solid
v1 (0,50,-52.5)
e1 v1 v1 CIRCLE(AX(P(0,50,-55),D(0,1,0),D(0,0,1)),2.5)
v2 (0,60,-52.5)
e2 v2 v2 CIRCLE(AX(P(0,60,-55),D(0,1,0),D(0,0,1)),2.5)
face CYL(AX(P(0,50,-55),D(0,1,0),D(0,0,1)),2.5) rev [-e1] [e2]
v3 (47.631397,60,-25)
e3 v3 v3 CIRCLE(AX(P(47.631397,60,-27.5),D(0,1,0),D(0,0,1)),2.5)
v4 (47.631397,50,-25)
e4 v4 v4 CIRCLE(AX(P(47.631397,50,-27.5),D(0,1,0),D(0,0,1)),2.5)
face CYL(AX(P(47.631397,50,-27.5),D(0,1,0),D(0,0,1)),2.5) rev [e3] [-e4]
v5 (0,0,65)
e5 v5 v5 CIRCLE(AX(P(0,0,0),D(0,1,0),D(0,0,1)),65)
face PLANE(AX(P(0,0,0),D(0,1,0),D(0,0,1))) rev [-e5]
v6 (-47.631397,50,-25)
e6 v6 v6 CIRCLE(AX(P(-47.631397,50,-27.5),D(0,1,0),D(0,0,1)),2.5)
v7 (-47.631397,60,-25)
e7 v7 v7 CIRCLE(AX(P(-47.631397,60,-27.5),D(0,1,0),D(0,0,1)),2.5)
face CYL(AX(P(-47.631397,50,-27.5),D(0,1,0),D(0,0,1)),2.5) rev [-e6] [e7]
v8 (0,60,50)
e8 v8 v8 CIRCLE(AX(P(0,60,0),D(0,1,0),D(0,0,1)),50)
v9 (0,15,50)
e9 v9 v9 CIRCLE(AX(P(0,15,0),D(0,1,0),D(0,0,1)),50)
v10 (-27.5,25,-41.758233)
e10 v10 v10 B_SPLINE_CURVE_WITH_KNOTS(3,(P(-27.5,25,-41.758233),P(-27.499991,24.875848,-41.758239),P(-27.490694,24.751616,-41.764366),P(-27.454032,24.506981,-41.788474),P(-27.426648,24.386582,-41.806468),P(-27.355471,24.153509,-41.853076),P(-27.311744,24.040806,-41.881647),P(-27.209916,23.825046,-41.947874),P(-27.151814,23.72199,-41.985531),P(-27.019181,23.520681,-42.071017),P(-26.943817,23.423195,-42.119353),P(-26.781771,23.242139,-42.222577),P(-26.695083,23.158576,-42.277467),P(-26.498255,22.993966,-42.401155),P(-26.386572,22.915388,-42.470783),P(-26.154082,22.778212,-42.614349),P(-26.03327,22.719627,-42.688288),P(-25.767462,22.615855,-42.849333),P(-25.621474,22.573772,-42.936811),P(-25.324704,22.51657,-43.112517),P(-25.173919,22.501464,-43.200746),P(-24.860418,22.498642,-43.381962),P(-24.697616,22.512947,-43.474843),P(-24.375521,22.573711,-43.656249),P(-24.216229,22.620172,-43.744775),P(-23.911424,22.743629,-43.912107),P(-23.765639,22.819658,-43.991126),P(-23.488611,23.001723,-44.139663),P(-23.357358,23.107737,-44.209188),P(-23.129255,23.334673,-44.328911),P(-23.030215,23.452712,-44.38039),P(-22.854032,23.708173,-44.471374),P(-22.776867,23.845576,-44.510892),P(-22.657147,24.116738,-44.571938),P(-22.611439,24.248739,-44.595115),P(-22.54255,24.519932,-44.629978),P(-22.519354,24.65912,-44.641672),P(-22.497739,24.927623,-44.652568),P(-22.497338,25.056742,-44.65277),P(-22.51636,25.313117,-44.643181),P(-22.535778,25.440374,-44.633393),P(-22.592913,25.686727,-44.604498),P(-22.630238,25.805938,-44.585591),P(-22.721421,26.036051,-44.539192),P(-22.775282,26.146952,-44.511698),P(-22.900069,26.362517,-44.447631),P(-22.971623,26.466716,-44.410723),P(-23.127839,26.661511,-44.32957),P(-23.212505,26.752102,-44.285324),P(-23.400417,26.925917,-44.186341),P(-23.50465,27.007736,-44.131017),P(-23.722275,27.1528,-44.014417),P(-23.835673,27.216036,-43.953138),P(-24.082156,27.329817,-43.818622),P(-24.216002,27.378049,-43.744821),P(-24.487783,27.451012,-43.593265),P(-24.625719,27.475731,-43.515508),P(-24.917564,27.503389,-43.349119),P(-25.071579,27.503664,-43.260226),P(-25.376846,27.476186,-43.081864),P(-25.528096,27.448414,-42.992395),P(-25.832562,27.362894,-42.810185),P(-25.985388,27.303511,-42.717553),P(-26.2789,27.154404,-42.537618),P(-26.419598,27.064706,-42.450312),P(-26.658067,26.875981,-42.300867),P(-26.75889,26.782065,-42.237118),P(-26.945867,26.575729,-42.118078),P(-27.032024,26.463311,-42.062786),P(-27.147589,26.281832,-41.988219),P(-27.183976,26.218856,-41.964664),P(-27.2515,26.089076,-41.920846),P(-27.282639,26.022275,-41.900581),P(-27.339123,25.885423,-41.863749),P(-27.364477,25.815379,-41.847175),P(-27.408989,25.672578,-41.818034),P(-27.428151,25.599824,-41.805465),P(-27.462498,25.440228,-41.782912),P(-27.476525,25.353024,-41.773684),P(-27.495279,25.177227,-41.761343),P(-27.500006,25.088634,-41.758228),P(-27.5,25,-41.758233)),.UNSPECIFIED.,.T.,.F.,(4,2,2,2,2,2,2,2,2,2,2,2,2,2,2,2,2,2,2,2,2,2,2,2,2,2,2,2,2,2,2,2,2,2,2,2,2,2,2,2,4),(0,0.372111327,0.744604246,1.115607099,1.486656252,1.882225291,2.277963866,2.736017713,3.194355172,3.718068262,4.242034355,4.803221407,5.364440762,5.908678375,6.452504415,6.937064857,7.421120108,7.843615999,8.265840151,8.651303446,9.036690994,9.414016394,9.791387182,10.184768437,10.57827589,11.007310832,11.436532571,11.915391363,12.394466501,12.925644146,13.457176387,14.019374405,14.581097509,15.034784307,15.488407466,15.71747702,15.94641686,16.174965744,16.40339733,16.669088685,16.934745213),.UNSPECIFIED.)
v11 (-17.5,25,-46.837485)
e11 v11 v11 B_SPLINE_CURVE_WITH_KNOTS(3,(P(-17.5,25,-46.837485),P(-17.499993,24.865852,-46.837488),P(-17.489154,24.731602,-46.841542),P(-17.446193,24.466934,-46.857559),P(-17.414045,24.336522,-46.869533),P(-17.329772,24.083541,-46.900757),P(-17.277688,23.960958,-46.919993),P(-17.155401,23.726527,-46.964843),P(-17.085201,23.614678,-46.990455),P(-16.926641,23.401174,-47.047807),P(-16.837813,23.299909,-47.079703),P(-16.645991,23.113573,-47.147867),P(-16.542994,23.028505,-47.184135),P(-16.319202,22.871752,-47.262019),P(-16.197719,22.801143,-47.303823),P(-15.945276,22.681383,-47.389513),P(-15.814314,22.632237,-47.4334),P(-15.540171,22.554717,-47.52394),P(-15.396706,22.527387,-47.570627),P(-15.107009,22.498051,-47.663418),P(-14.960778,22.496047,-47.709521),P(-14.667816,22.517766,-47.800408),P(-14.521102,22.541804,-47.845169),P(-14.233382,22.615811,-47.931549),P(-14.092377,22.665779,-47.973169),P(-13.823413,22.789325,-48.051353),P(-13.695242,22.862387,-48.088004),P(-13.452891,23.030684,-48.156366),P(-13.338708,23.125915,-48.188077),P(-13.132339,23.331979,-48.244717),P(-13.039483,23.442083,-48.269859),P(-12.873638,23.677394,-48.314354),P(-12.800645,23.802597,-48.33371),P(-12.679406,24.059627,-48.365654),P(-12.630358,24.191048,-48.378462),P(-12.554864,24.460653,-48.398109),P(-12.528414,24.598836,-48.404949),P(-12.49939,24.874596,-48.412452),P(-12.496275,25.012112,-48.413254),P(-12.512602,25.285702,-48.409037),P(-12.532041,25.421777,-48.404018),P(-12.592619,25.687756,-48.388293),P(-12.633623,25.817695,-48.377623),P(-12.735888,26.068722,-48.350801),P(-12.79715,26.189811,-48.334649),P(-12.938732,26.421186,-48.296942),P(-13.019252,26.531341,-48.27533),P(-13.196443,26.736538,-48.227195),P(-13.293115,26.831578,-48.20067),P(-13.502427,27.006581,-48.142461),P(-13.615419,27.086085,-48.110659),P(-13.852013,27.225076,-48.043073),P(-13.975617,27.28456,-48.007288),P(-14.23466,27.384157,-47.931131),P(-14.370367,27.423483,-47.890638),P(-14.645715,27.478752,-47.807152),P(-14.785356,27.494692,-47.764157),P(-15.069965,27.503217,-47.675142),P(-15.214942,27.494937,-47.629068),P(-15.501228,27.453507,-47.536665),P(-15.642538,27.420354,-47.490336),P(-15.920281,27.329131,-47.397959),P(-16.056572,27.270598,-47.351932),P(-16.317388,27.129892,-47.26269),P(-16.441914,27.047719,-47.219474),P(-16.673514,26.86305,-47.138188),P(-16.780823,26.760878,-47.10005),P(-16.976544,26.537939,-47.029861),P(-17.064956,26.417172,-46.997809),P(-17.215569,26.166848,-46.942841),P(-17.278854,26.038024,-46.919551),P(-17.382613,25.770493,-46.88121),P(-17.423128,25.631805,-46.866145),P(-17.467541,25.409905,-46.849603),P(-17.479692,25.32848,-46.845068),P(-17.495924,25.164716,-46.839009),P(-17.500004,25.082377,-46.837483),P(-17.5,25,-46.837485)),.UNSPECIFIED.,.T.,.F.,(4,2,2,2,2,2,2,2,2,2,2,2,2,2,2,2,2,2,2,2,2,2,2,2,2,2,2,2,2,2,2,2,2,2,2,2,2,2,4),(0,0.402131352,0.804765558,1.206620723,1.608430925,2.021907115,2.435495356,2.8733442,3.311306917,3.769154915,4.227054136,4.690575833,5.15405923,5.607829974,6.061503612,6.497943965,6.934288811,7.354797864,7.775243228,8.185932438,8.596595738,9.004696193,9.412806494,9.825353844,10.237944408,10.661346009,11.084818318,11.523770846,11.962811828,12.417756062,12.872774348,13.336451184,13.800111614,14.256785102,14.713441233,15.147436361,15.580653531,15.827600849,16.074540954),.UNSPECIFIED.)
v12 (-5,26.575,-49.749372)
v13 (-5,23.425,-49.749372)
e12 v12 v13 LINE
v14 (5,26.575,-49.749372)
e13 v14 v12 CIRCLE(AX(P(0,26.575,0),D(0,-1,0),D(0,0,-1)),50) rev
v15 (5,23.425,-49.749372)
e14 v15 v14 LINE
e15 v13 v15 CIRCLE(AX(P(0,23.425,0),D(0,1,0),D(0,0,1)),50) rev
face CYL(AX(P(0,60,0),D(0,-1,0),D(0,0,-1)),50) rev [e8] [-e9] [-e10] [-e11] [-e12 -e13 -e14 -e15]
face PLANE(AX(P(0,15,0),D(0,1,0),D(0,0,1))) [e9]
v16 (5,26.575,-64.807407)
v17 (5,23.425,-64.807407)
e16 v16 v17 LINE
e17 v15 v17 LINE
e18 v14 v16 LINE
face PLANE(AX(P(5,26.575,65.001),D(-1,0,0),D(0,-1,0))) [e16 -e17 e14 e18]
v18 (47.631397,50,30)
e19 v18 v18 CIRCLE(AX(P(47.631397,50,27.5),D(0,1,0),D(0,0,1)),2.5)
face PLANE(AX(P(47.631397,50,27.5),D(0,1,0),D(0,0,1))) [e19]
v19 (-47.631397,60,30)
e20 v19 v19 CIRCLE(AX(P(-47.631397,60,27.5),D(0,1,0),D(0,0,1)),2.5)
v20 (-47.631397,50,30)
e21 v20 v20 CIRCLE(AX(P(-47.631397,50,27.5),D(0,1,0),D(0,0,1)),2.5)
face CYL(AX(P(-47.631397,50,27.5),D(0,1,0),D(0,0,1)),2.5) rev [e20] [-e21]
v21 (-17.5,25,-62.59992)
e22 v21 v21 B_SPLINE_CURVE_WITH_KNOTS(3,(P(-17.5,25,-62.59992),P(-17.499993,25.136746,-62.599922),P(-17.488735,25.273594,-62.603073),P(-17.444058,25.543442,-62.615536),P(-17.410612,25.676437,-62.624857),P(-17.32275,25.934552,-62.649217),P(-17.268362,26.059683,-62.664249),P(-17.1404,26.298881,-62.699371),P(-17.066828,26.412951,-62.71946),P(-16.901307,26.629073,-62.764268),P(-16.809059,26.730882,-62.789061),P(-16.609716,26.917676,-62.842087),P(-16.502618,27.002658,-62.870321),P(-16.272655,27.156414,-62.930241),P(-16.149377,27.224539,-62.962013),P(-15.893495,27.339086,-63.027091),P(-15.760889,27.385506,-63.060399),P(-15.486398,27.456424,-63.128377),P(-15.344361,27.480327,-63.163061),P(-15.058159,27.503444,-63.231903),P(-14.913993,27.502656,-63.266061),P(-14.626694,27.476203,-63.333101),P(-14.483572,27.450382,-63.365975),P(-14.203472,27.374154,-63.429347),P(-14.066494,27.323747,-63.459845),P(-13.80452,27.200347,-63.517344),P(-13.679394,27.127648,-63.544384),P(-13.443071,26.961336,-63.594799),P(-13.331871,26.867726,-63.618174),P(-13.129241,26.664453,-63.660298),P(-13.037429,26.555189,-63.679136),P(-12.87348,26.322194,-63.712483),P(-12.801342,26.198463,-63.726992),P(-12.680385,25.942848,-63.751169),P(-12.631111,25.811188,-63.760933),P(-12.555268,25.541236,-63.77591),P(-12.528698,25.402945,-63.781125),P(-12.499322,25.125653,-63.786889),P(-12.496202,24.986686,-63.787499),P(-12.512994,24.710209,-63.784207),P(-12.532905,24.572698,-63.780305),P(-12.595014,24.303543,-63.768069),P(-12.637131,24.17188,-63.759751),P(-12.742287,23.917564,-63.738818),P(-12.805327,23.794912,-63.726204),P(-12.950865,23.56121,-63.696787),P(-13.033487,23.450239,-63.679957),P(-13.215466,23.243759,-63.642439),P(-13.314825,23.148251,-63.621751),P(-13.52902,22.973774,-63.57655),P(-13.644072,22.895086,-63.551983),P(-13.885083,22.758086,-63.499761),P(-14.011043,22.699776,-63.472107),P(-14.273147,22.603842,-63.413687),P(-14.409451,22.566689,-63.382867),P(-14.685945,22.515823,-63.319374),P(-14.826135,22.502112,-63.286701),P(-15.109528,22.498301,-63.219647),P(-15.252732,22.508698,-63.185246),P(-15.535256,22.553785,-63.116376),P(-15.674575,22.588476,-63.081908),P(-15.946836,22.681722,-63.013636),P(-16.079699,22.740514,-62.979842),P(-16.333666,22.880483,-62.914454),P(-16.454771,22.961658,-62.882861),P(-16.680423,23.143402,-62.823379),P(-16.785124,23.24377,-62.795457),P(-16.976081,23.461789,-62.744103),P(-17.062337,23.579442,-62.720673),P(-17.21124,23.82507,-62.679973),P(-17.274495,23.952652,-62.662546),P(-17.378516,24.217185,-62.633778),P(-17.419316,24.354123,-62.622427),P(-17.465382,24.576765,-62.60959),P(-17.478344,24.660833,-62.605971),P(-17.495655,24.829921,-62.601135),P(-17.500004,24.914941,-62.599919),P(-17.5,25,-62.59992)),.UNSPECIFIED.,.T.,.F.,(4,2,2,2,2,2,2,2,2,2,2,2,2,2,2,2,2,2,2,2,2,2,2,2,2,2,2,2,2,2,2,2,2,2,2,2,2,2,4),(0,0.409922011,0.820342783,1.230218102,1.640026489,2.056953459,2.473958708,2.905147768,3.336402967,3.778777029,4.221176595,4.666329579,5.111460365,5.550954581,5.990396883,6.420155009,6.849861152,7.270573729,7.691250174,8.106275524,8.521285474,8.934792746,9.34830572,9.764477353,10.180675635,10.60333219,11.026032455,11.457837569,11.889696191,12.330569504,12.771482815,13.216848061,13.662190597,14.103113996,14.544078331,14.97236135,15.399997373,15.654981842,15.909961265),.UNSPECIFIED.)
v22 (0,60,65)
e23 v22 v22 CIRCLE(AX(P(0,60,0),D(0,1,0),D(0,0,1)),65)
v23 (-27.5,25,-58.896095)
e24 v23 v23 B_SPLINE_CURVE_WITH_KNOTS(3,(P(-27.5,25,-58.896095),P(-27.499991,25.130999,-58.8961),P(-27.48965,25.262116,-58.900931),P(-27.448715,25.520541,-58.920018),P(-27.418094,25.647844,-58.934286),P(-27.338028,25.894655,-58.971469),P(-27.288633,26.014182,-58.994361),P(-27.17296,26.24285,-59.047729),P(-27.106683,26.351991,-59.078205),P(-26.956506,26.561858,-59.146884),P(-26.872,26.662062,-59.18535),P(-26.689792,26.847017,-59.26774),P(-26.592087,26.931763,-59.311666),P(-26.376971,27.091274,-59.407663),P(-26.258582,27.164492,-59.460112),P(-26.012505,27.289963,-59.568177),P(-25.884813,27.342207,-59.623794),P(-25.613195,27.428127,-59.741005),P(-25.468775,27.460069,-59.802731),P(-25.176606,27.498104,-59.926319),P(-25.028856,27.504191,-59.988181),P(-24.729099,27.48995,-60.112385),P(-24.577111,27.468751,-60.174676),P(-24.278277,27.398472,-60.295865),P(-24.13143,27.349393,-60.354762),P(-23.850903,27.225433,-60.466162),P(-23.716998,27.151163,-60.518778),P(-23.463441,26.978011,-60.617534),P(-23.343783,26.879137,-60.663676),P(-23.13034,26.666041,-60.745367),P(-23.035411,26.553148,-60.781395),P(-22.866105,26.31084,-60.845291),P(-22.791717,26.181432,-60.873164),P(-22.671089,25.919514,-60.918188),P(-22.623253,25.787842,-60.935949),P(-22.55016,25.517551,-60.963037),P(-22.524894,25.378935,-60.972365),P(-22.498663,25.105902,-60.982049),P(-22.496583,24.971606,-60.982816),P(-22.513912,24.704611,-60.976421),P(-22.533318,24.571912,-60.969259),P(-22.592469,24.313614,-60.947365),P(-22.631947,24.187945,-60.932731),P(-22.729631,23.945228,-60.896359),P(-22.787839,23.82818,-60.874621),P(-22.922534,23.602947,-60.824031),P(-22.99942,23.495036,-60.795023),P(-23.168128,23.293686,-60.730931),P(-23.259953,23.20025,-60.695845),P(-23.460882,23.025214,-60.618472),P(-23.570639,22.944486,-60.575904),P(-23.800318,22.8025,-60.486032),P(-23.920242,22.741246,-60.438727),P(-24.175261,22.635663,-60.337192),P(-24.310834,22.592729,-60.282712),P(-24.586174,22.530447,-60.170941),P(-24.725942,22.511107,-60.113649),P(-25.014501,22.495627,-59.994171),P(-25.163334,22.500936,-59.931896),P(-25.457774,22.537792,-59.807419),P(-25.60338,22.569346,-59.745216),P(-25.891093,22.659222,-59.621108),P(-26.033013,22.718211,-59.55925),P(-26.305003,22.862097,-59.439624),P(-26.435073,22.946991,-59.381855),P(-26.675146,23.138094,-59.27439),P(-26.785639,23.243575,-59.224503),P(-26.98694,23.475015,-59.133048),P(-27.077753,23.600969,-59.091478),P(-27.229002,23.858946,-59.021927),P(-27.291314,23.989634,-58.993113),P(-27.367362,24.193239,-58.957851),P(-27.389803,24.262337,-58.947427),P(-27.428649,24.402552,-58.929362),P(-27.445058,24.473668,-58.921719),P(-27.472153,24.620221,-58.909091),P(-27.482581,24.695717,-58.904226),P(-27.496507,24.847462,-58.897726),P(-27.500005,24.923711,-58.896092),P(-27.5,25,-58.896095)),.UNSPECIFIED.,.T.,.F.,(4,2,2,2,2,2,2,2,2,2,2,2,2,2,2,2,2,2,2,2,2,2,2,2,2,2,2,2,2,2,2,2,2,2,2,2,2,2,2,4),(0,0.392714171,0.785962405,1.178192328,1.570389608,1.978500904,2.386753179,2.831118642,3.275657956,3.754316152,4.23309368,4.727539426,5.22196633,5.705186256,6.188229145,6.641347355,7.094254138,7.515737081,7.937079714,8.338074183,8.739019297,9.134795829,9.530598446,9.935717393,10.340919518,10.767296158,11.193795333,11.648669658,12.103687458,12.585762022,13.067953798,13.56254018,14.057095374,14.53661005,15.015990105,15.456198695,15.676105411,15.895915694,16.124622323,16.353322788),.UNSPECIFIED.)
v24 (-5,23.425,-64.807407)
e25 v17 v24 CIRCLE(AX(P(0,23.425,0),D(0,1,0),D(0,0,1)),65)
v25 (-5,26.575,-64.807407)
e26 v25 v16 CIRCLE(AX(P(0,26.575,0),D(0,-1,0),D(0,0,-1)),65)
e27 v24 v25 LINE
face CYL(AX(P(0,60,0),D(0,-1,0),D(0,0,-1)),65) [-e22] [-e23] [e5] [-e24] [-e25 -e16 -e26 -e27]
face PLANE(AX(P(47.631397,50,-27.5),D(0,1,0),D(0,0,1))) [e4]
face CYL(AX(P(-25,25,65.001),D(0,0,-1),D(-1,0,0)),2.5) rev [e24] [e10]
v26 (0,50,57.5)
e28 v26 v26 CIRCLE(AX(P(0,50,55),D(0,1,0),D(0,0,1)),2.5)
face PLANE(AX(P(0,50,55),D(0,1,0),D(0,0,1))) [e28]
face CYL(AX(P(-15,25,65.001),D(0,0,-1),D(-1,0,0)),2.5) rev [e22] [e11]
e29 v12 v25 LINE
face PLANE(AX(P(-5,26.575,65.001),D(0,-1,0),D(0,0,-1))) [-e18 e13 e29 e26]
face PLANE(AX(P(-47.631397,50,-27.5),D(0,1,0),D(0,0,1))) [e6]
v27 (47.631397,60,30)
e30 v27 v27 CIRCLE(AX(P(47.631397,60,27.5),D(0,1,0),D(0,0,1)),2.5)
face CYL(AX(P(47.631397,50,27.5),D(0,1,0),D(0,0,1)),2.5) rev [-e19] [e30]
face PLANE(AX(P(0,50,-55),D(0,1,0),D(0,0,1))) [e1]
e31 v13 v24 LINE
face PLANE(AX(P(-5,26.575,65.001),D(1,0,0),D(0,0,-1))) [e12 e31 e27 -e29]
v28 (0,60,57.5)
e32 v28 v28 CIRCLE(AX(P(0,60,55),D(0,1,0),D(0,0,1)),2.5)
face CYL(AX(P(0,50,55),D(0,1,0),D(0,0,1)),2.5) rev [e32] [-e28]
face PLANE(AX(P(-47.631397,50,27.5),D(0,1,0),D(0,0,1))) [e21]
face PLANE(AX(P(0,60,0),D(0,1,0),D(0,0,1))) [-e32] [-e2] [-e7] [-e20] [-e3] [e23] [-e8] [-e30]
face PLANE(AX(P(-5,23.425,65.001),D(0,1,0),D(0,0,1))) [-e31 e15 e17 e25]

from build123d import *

# Parameters (mm, degrees)
CROQUIS1_R                 = 65
SALIENTE_EXTRUIR1_DEPTH    = 60
VACIADO1_T                 = -15
CROQUIS3_R                 = 2.5
CORTAR_EXTRUIR1_DEPTH      = 10
CORTAR_EXTRUIR2_REACH      = 190.992
CORTAR_EXTRUIR2_END_RADIUS = 50
CROQUIS4_R                 = 2.5
CROQUIS4_W                 = 10
CROQUIS4_H                 = 3.15


with BuildPart() as part:
    # Croquis1 → Saliente-Extruir1 (new body)
    with BuildSketch(Plane(origin=(0, 0, 0), x_dir=(1, 0, 0), z_dir=(0, 1, 0))):
        with Locations(Location((0, 0, 0), (0, 0, 270))):  # turned: the seam where the file's is
            Circle(CROQUIS1_R)
    extrude(amount=SALIENTE_EXTRUIR1_DEPTH)

    # Vaciado1
    vaciado1_openings = [part.faces().sort_by_distance(p)[0] for p in [
        (0, 60, 0),
    ]]
    offset(amount=VACIADO1_T, openings=vaciado1_openings, kind=Kind.INTERSECTION)

    # Croquis3 → Cortar-Extruir1 (cut)
    with BuildSketch(Plane(origin=(0, 60, 0), x_dir=(1, 0, 0), z_dir=(0, 1, 0))):
        with Locations(Location((0, 55, 0), (0, 0, 270))):  # turned: the seam where the file's is
            Circle(CROQUIS3_R)
        with Locations(Location((47.631397208, 27.5, 0), (0, 0, 270))):  # turned: the seam where the file's is
            Circle(CROQUIS3_R)
        with Locations(Location((47.631397208, -27.5, 0), (0, 0, 270))):  # turned: the seam where the file's is
            Circle(CROQUIS3_R)
        with Locations(Location((0, -55, 0), (0, 0, 270))):  # turned: the seam where the file's is
            Circle(CROQUIS3_R)
        with Locations(Location((-47.631397208, -27.5, 0), (0, 0, 270))):  # turned: the seam where the file's is
            Circle(CROQUIS3_R)
        with Locations(Location((-47.631397208, 27.5, 0), (0, 0, 270))):  # turned: the seam where the file's is
            Circle(CROQUIS3_R)
    extrude(amount=-CORTAR_EXTRUIR1_DEPTH, mode=Mode.SUBTRACT)

    # Cortar-Extruir2: up to this cylinder (the profile starts outside it)
    cortar_extruir2_end = Plane(origin=(0, 25, 0), z_dir=(0, -1, 0)) * Cylinder(CORTAR_EXTRUIR2_END_RADIUS, 482.984, mode=Mode.PRIVATE)
    # Croquis4 → Cortar-Extruir2 (cut, up to the surface)
    with BuildSketch(Plane(origin=(6.129951323, -2.103381064, -123.992328347), x_dir=(1, 0, 0), z_dir=(0, 0, 1)), mode=Mode.PRIVATE) as cortar_extruir2_sk1:
        with Locations(Location((-21.129951323, 27.103381064, 0), (0, 0, 180))):  # turned: the seam where the file's is
            Circle(CROQUIS4_R)
    cortar_extruir2_tool1 = extrude(cortar_extruir2_sk1.sketch, amount=CORTAR_EXTRUIR2_REACH, mode=Mode.PRIVATE) - cortar_extruir2_end
    add(cortar_extruir2_tool1.solids().sort_by_distance((-15, 25, -123.992328))[0], mode=Mode.SUBTRACT)
    # Croquis4 → Cortar-Extruir2 (cut, up to the surface)
    with BuildSketch(Plane(origin=(6.129951323, -2.103381064, -123.992328347), x_dir=(1, 0, 0), z_dir=(0, 0, 1)), mode=Mode.PRIVATE) as cortar_extruir2_sk2:
        with Locations(Location((-31.129951323, 27.103381064, 0), (0, 0, 180))):  # turned: the seam where the file's is
            Circle(CROQUIS4_R)
    cortar_extruir2_tool2 = extrude(cortar_extruir2_sk2.sketch, amount=CORTAR_EXTRUIR2_REACH, mode=Mode.PRIVATE) - cortar_extruir2_end
    add(cortar_extruir2_tool2.solids().sort_by_distance((-25, 25, -123.992328))[0], mode=Mode.SUBTRACT)
    # Croquis4 → Cortar-Extruir2 (cut, up to the surface)
    with BuildSketch(Plane(origin=(6.129951323, -2.103381064, -123.992328347), x_dir=(1, 0, 0), z_dir=(0, 0, 1)), mode=Mode.PRIVATE) as cortar_extruir2_sk3:
        with Locations((-6.129951323, 27.103381064)):
            Rectangle(CROQUIS4_W, CROQUIS4_H)
    cortar_extruir2_tool3 = extrude(cortar_extruir2_sk3.sketch, amount=CORTAR_EXTRUIR2_REACH, mode=Mode.PRIVATE) - cortar_extruir2_end
    add(cortar_extruir2_tool3.solids().sort_by_distance((0, 25, -123.992328))[0], mode=Mode.SUBTRACT)


solid = part.part
